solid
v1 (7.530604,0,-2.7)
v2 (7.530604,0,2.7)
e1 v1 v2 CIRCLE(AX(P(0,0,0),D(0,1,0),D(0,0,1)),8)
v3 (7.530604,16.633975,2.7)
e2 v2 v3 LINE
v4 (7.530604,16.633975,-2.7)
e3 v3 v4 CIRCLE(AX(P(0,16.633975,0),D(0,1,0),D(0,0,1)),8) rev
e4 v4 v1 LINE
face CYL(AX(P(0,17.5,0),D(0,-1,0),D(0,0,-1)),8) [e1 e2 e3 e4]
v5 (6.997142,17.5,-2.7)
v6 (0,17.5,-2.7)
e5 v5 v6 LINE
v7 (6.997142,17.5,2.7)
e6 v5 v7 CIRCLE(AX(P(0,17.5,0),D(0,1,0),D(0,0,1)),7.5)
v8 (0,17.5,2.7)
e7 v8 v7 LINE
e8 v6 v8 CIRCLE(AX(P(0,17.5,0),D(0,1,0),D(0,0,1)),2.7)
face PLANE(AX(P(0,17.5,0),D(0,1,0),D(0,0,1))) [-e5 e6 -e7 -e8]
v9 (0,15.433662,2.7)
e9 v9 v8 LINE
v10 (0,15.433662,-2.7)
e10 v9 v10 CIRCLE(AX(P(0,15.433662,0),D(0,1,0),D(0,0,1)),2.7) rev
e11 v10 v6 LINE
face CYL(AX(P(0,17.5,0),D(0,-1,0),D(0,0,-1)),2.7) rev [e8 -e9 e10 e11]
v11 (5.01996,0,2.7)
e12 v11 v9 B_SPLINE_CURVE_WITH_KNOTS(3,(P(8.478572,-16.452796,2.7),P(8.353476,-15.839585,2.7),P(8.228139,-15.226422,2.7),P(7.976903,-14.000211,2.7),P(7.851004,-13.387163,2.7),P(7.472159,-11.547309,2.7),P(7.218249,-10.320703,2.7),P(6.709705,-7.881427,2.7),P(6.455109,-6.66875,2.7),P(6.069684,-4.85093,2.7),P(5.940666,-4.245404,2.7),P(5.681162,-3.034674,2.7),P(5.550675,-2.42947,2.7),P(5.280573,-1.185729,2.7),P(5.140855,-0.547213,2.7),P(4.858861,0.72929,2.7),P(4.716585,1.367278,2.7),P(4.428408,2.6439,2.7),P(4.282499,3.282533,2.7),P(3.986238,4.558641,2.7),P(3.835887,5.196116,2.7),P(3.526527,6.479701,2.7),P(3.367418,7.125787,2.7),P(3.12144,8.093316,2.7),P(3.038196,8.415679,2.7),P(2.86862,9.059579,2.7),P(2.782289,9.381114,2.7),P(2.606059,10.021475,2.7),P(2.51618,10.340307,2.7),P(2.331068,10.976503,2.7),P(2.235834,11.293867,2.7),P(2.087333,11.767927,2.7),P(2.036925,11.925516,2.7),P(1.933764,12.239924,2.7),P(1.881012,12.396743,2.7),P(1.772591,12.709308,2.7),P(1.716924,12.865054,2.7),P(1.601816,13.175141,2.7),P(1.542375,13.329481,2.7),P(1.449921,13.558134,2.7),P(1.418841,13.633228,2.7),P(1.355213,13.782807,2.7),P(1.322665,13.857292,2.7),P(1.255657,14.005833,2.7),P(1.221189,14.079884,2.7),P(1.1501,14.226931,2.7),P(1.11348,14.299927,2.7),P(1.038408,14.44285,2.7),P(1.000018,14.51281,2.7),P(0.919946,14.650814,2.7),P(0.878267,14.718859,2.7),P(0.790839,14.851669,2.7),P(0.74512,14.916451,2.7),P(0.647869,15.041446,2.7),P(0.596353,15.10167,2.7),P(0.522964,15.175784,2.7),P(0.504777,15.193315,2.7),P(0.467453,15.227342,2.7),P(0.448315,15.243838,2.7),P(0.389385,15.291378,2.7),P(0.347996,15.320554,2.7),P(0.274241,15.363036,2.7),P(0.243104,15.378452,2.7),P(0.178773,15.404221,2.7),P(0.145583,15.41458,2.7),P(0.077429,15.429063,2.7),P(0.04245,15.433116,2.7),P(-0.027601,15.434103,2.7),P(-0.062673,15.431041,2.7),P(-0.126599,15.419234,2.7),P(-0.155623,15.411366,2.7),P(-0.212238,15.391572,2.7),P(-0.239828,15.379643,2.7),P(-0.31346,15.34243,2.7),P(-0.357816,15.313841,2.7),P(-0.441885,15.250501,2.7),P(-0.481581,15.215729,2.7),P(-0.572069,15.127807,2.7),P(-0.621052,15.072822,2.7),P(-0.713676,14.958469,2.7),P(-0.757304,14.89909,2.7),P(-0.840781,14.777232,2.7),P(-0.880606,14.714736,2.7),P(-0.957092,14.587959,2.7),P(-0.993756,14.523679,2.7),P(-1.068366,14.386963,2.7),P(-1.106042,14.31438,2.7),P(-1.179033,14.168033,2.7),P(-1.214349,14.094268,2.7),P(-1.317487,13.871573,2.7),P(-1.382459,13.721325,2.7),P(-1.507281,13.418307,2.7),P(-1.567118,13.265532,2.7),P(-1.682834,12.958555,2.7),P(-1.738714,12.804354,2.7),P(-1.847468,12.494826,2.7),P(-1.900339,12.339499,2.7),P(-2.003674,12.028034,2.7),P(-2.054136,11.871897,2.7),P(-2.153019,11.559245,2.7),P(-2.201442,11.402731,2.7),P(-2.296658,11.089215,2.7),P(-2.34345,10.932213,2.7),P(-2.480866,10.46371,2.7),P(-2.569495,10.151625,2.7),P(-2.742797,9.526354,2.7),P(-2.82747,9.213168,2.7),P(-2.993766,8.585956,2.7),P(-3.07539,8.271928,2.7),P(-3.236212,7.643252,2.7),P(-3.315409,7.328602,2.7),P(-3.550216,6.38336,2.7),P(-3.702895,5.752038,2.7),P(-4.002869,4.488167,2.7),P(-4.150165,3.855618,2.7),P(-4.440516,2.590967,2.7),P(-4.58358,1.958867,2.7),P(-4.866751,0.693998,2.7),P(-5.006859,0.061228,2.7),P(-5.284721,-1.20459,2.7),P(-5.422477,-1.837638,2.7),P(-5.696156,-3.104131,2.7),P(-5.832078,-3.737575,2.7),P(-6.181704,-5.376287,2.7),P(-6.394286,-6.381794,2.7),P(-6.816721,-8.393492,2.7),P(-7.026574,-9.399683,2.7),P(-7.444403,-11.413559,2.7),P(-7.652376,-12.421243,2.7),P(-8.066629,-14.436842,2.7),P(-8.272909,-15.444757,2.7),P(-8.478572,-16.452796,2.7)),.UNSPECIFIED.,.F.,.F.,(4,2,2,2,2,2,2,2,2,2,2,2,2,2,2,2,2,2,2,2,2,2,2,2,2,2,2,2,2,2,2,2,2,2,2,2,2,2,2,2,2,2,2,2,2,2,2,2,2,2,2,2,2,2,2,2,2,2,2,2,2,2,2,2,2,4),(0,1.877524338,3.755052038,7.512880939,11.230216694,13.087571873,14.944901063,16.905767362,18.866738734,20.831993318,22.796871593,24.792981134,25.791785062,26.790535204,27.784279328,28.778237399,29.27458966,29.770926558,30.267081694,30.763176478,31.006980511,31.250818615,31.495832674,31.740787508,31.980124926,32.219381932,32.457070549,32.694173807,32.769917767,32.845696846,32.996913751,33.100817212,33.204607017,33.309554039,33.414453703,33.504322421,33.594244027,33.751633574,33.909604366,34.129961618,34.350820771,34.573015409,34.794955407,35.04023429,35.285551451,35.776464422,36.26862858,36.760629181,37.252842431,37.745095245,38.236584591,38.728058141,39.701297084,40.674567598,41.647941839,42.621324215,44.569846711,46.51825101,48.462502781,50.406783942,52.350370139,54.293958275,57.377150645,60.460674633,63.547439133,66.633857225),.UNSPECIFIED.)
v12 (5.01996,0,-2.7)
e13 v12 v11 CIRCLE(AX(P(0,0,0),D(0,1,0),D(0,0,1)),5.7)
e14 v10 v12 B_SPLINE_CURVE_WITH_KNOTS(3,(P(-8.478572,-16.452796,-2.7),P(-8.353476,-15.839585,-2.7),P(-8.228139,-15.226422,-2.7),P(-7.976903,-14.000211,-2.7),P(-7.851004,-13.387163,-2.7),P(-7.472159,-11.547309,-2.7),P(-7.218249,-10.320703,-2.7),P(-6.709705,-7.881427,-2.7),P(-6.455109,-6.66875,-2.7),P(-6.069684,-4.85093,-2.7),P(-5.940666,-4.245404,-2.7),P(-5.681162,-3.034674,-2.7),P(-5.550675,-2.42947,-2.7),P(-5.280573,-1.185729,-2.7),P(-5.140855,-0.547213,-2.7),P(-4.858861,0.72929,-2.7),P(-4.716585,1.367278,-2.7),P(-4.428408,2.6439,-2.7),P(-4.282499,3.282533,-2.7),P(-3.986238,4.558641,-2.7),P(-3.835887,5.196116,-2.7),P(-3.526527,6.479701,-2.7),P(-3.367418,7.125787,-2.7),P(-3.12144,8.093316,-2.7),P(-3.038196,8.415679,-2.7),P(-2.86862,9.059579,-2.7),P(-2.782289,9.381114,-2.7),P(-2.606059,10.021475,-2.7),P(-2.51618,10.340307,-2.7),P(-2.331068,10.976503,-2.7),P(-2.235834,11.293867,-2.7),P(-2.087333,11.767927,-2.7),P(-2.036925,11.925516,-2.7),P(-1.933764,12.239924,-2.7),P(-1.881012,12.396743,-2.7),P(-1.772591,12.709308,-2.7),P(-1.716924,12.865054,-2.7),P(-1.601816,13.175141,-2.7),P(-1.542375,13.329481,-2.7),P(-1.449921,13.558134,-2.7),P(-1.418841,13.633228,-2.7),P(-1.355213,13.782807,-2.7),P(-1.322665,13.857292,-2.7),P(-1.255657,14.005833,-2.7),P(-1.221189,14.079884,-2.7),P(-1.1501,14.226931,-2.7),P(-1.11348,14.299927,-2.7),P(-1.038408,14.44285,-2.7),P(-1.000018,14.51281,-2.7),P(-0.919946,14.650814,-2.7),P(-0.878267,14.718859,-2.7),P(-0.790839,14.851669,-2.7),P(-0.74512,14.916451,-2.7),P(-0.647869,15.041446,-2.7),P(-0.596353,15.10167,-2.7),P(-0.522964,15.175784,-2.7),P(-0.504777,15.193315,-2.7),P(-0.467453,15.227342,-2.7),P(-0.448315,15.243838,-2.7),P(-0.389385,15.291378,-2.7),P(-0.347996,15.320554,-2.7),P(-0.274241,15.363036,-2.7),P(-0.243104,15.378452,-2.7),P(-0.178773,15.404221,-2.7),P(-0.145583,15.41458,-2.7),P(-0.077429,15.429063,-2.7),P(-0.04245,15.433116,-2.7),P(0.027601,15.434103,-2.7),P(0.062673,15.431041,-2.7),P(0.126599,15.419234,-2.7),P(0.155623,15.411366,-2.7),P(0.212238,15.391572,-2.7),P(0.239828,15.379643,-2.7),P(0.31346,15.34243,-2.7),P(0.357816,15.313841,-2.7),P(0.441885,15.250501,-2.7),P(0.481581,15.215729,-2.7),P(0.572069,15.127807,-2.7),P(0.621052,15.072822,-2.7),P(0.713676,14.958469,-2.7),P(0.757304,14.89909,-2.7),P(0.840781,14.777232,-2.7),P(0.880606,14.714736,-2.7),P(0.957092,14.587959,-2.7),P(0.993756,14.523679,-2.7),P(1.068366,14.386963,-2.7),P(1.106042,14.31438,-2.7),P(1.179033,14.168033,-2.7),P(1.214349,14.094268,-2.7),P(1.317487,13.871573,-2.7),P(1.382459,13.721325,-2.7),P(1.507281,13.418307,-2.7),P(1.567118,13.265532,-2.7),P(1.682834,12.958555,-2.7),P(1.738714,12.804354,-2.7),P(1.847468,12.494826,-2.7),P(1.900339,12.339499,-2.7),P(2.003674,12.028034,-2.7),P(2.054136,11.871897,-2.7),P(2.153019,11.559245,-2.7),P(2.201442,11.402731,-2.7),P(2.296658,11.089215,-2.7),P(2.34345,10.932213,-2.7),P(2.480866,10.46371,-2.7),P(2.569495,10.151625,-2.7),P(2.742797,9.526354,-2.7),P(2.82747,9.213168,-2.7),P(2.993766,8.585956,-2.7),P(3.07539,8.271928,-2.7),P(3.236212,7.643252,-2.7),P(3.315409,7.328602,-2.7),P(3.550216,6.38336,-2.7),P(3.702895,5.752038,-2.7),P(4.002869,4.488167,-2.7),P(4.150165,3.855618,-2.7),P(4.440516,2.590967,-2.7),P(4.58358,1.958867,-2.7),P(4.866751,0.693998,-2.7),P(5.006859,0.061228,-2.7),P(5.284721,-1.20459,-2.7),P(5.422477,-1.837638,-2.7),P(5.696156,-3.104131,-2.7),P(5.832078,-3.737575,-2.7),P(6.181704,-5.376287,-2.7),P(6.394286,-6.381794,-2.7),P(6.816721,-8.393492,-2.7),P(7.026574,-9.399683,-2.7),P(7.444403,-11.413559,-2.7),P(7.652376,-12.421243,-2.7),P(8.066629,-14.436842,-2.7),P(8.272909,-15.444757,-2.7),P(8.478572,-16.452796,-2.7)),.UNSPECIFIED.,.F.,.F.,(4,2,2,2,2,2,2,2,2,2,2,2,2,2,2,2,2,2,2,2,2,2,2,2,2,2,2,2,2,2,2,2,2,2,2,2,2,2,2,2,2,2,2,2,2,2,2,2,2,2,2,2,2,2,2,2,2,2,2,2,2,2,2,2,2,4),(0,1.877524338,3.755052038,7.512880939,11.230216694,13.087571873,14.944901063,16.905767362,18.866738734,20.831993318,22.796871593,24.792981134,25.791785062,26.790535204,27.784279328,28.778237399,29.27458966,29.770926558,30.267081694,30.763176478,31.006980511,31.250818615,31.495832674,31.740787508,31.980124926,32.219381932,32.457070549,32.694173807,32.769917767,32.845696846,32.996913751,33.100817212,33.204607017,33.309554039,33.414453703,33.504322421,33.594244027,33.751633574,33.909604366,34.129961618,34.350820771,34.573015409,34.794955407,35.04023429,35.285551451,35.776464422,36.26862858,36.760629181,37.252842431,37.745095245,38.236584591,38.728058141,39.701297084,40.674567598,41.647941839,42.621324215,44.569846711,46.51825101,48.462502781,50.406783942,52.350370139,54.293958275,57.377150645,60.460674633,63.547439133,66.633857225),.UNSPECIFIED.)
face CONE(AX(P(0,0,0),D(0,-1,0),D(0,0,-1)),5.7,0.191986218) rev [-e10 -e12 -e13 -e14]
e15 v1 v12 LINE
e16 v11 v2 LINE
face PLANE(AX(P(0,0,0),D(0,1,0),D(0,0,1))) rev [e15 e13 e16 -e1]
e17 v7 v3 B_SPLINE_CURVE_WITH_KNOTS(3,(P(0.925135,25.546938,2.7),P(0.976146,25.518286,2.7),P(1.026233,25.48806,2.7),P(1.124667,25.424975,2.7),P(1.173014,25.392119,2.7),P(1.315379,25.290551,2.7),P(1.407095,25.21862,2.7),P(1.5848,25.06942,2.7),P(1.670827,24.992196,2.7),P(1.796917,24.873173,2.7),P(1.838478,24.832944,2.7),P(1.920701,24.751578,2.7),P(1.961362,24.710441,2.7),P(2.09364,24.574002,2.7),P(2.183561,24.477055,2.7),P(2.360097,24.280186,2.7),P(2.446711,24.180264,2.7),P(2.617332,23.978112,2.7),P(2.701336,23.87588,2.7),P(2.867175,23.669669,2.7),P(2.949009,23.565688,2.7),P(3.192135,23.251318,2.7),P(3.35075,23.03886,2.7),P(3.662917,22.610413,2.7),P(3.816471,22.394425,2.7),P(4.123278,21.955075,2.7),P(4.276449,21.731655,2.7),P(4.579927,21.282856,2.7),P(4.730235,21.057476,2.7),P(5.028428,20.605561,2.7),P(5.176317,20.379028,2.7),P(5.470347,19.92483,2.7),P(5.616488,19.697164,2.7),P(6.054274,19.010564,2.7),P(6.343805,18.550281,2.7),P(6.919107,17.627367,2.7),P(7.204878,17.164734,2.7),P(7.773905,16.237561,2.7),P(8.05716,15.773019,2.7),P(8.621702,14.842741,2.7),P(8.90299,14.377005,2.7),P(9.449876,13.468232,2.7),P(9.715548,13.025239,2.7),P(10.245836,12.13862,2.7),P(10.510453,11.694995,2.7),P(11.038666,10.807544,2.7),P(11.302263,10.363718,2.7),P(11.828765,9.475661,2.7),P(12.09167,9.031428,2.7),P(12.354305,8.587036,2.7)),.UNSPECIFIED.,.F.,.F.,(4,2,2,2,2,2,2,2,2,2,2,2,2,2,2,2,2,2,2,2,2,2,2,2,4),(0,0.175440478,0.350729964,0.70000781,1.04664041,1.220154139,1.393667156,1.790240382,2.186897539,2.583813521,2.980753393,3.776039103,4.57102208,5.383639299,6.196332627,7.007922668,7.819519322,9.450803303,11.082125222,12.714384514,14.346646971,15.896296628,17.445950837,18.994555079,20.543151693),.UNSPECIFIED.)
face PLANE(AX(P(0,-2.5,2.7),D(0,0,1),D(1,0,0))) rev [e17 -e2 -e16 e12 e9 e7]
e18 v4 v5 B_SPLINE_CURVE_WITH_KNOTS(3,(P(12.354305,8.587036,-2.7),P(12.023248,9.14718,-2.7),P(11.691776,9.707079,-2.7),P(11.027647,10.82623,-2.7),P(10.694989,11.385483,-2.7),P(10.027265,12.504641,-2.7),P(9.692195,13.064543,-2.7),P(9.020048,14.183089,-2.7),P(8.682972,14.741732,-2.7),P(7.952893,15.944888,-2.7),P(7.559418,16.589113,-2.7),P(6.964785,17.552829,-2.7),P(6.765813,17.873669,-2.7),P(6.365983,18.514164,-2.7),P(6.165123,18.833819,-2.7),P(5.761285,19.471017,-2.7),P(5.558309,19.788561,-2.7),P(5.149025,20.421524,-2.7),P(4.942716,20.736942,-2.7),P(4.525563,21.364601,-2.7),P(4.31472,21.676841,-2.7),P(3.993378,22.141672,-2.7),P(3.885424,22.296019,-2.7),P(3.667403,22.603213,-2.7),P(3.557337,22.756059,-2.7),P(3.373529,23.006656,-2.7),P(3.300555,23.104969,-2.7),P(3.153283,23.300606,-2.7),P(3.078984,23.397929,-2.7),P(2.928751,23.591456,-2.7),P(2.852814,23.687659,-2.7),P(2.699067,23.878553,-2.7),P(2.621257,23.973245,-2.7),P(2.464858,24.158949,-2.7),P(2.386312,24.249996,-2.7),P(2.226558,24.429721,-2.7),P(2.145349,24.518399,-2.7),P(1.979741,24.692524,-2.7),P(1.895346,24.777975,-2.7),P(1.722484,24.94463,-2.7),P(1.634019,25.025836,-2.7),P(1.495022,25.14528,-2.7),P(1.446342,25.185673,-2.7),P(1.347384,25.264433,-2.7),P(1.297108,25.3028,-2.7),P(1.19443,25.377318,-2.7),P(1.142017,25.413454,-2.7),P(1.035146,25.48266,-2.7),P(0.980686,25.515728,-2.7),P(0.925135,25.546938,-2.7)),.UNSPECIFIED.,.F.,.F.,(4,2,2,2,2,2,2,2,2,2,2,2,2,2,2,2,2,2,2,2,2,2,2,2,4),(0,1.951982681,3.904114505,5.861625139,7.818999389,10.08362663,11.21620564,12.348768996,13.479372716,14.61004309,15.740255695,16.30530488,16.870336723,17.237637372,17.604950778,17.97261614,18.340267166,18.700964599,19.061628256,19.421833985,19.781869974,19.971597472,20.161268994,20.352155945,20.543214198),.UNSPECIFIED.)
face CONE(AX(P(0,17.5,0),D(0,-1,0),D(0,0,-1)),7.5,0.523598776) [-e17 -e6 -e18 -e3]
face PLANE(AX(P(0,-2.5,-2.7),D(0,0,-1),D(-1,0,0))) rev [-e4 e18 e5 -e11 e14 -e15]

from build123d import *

# Parameters (mm, degrees)
SKETCH1_R           = 8
SKETCH1_R_2         = 2.7
BOSS_EXTRUDE1_DEPTH = 17.5
CHAMFER1_SIZE       = 3
CHAMFER1_SIZE2      = 15.433662048
CHAMFER2_SIZE       = 0.5
CHAMFER2_SIZE2      = 0.866025404
SKETCH2_W           = 11.3806618
SKETCH2_H           = 5.4
CUT_EXTRUDE1_DEPTH  = 20


with BuildPart() as part:
    # Sketch1 → Boss-Extrude1 (new body)
    with BuildSketch(Plane(origin=(0, 0, 0), x_dir=(1, 0, 0), z_dir=(0, 1, 0))):
        with Locations(Location((0, 0, 0), (0, 0, 270))):
            Circle(SKETCH1_R)
        with Locations(Location((0, 0, 0), (0, 0, 270))):
            Circle(SKETCH1_R_2, mode=Mode.SUBTRACT)
    extrude(amount=BOSS_EXTRUDE1_DEPTH)

    # Chamfer1
    chamfer1_edges = [part.edges().sort_by_distance(p)[0] for p in [
        (0, 0, -2.7),
    ]]
    chamfer1_side = [part.faces().sort_by_distance(p)[0] for p in [
        (0, 0, -7.77372583),
    ]]
    chamfer(chamfer1_edges, length=CHAMFER1_SIZE, length2=CHAMFER1_SIZE2, reference=chamfer1_side[0])

    # Chamfer2
    chamfer2_edges = [part.edges().sort_by_distance(p)[0] for p in [
        (0, 17.5, -8),
    ]]
    chamfer2_side = [part.faces().sort_by_distance(p)[0] for p in [
        (0, 17.5, -7.77372583),
    ]]
    chamfer(chamfer2_edges, length=CHAMFER2_SIZE, length2=CHAMFER2_SIZE2, reference=chamfer2_side[0])

    # Sketch2 → Cut-Extrude1 (cut)
    with BuildSketch(Plane(origin=(0, 17.5, 0), x_dir=(1, 0, 0), z_dir=(0, 1, 0))):
        with Locations((5.6903309, 0)):
            Rectangle(SKETCH2_W, SKETCH2_H)
    extrude(amount=-CUT_EXTRUDE1_DEPTH, mode=Mode.SUBTRACT)


solid = part.part
